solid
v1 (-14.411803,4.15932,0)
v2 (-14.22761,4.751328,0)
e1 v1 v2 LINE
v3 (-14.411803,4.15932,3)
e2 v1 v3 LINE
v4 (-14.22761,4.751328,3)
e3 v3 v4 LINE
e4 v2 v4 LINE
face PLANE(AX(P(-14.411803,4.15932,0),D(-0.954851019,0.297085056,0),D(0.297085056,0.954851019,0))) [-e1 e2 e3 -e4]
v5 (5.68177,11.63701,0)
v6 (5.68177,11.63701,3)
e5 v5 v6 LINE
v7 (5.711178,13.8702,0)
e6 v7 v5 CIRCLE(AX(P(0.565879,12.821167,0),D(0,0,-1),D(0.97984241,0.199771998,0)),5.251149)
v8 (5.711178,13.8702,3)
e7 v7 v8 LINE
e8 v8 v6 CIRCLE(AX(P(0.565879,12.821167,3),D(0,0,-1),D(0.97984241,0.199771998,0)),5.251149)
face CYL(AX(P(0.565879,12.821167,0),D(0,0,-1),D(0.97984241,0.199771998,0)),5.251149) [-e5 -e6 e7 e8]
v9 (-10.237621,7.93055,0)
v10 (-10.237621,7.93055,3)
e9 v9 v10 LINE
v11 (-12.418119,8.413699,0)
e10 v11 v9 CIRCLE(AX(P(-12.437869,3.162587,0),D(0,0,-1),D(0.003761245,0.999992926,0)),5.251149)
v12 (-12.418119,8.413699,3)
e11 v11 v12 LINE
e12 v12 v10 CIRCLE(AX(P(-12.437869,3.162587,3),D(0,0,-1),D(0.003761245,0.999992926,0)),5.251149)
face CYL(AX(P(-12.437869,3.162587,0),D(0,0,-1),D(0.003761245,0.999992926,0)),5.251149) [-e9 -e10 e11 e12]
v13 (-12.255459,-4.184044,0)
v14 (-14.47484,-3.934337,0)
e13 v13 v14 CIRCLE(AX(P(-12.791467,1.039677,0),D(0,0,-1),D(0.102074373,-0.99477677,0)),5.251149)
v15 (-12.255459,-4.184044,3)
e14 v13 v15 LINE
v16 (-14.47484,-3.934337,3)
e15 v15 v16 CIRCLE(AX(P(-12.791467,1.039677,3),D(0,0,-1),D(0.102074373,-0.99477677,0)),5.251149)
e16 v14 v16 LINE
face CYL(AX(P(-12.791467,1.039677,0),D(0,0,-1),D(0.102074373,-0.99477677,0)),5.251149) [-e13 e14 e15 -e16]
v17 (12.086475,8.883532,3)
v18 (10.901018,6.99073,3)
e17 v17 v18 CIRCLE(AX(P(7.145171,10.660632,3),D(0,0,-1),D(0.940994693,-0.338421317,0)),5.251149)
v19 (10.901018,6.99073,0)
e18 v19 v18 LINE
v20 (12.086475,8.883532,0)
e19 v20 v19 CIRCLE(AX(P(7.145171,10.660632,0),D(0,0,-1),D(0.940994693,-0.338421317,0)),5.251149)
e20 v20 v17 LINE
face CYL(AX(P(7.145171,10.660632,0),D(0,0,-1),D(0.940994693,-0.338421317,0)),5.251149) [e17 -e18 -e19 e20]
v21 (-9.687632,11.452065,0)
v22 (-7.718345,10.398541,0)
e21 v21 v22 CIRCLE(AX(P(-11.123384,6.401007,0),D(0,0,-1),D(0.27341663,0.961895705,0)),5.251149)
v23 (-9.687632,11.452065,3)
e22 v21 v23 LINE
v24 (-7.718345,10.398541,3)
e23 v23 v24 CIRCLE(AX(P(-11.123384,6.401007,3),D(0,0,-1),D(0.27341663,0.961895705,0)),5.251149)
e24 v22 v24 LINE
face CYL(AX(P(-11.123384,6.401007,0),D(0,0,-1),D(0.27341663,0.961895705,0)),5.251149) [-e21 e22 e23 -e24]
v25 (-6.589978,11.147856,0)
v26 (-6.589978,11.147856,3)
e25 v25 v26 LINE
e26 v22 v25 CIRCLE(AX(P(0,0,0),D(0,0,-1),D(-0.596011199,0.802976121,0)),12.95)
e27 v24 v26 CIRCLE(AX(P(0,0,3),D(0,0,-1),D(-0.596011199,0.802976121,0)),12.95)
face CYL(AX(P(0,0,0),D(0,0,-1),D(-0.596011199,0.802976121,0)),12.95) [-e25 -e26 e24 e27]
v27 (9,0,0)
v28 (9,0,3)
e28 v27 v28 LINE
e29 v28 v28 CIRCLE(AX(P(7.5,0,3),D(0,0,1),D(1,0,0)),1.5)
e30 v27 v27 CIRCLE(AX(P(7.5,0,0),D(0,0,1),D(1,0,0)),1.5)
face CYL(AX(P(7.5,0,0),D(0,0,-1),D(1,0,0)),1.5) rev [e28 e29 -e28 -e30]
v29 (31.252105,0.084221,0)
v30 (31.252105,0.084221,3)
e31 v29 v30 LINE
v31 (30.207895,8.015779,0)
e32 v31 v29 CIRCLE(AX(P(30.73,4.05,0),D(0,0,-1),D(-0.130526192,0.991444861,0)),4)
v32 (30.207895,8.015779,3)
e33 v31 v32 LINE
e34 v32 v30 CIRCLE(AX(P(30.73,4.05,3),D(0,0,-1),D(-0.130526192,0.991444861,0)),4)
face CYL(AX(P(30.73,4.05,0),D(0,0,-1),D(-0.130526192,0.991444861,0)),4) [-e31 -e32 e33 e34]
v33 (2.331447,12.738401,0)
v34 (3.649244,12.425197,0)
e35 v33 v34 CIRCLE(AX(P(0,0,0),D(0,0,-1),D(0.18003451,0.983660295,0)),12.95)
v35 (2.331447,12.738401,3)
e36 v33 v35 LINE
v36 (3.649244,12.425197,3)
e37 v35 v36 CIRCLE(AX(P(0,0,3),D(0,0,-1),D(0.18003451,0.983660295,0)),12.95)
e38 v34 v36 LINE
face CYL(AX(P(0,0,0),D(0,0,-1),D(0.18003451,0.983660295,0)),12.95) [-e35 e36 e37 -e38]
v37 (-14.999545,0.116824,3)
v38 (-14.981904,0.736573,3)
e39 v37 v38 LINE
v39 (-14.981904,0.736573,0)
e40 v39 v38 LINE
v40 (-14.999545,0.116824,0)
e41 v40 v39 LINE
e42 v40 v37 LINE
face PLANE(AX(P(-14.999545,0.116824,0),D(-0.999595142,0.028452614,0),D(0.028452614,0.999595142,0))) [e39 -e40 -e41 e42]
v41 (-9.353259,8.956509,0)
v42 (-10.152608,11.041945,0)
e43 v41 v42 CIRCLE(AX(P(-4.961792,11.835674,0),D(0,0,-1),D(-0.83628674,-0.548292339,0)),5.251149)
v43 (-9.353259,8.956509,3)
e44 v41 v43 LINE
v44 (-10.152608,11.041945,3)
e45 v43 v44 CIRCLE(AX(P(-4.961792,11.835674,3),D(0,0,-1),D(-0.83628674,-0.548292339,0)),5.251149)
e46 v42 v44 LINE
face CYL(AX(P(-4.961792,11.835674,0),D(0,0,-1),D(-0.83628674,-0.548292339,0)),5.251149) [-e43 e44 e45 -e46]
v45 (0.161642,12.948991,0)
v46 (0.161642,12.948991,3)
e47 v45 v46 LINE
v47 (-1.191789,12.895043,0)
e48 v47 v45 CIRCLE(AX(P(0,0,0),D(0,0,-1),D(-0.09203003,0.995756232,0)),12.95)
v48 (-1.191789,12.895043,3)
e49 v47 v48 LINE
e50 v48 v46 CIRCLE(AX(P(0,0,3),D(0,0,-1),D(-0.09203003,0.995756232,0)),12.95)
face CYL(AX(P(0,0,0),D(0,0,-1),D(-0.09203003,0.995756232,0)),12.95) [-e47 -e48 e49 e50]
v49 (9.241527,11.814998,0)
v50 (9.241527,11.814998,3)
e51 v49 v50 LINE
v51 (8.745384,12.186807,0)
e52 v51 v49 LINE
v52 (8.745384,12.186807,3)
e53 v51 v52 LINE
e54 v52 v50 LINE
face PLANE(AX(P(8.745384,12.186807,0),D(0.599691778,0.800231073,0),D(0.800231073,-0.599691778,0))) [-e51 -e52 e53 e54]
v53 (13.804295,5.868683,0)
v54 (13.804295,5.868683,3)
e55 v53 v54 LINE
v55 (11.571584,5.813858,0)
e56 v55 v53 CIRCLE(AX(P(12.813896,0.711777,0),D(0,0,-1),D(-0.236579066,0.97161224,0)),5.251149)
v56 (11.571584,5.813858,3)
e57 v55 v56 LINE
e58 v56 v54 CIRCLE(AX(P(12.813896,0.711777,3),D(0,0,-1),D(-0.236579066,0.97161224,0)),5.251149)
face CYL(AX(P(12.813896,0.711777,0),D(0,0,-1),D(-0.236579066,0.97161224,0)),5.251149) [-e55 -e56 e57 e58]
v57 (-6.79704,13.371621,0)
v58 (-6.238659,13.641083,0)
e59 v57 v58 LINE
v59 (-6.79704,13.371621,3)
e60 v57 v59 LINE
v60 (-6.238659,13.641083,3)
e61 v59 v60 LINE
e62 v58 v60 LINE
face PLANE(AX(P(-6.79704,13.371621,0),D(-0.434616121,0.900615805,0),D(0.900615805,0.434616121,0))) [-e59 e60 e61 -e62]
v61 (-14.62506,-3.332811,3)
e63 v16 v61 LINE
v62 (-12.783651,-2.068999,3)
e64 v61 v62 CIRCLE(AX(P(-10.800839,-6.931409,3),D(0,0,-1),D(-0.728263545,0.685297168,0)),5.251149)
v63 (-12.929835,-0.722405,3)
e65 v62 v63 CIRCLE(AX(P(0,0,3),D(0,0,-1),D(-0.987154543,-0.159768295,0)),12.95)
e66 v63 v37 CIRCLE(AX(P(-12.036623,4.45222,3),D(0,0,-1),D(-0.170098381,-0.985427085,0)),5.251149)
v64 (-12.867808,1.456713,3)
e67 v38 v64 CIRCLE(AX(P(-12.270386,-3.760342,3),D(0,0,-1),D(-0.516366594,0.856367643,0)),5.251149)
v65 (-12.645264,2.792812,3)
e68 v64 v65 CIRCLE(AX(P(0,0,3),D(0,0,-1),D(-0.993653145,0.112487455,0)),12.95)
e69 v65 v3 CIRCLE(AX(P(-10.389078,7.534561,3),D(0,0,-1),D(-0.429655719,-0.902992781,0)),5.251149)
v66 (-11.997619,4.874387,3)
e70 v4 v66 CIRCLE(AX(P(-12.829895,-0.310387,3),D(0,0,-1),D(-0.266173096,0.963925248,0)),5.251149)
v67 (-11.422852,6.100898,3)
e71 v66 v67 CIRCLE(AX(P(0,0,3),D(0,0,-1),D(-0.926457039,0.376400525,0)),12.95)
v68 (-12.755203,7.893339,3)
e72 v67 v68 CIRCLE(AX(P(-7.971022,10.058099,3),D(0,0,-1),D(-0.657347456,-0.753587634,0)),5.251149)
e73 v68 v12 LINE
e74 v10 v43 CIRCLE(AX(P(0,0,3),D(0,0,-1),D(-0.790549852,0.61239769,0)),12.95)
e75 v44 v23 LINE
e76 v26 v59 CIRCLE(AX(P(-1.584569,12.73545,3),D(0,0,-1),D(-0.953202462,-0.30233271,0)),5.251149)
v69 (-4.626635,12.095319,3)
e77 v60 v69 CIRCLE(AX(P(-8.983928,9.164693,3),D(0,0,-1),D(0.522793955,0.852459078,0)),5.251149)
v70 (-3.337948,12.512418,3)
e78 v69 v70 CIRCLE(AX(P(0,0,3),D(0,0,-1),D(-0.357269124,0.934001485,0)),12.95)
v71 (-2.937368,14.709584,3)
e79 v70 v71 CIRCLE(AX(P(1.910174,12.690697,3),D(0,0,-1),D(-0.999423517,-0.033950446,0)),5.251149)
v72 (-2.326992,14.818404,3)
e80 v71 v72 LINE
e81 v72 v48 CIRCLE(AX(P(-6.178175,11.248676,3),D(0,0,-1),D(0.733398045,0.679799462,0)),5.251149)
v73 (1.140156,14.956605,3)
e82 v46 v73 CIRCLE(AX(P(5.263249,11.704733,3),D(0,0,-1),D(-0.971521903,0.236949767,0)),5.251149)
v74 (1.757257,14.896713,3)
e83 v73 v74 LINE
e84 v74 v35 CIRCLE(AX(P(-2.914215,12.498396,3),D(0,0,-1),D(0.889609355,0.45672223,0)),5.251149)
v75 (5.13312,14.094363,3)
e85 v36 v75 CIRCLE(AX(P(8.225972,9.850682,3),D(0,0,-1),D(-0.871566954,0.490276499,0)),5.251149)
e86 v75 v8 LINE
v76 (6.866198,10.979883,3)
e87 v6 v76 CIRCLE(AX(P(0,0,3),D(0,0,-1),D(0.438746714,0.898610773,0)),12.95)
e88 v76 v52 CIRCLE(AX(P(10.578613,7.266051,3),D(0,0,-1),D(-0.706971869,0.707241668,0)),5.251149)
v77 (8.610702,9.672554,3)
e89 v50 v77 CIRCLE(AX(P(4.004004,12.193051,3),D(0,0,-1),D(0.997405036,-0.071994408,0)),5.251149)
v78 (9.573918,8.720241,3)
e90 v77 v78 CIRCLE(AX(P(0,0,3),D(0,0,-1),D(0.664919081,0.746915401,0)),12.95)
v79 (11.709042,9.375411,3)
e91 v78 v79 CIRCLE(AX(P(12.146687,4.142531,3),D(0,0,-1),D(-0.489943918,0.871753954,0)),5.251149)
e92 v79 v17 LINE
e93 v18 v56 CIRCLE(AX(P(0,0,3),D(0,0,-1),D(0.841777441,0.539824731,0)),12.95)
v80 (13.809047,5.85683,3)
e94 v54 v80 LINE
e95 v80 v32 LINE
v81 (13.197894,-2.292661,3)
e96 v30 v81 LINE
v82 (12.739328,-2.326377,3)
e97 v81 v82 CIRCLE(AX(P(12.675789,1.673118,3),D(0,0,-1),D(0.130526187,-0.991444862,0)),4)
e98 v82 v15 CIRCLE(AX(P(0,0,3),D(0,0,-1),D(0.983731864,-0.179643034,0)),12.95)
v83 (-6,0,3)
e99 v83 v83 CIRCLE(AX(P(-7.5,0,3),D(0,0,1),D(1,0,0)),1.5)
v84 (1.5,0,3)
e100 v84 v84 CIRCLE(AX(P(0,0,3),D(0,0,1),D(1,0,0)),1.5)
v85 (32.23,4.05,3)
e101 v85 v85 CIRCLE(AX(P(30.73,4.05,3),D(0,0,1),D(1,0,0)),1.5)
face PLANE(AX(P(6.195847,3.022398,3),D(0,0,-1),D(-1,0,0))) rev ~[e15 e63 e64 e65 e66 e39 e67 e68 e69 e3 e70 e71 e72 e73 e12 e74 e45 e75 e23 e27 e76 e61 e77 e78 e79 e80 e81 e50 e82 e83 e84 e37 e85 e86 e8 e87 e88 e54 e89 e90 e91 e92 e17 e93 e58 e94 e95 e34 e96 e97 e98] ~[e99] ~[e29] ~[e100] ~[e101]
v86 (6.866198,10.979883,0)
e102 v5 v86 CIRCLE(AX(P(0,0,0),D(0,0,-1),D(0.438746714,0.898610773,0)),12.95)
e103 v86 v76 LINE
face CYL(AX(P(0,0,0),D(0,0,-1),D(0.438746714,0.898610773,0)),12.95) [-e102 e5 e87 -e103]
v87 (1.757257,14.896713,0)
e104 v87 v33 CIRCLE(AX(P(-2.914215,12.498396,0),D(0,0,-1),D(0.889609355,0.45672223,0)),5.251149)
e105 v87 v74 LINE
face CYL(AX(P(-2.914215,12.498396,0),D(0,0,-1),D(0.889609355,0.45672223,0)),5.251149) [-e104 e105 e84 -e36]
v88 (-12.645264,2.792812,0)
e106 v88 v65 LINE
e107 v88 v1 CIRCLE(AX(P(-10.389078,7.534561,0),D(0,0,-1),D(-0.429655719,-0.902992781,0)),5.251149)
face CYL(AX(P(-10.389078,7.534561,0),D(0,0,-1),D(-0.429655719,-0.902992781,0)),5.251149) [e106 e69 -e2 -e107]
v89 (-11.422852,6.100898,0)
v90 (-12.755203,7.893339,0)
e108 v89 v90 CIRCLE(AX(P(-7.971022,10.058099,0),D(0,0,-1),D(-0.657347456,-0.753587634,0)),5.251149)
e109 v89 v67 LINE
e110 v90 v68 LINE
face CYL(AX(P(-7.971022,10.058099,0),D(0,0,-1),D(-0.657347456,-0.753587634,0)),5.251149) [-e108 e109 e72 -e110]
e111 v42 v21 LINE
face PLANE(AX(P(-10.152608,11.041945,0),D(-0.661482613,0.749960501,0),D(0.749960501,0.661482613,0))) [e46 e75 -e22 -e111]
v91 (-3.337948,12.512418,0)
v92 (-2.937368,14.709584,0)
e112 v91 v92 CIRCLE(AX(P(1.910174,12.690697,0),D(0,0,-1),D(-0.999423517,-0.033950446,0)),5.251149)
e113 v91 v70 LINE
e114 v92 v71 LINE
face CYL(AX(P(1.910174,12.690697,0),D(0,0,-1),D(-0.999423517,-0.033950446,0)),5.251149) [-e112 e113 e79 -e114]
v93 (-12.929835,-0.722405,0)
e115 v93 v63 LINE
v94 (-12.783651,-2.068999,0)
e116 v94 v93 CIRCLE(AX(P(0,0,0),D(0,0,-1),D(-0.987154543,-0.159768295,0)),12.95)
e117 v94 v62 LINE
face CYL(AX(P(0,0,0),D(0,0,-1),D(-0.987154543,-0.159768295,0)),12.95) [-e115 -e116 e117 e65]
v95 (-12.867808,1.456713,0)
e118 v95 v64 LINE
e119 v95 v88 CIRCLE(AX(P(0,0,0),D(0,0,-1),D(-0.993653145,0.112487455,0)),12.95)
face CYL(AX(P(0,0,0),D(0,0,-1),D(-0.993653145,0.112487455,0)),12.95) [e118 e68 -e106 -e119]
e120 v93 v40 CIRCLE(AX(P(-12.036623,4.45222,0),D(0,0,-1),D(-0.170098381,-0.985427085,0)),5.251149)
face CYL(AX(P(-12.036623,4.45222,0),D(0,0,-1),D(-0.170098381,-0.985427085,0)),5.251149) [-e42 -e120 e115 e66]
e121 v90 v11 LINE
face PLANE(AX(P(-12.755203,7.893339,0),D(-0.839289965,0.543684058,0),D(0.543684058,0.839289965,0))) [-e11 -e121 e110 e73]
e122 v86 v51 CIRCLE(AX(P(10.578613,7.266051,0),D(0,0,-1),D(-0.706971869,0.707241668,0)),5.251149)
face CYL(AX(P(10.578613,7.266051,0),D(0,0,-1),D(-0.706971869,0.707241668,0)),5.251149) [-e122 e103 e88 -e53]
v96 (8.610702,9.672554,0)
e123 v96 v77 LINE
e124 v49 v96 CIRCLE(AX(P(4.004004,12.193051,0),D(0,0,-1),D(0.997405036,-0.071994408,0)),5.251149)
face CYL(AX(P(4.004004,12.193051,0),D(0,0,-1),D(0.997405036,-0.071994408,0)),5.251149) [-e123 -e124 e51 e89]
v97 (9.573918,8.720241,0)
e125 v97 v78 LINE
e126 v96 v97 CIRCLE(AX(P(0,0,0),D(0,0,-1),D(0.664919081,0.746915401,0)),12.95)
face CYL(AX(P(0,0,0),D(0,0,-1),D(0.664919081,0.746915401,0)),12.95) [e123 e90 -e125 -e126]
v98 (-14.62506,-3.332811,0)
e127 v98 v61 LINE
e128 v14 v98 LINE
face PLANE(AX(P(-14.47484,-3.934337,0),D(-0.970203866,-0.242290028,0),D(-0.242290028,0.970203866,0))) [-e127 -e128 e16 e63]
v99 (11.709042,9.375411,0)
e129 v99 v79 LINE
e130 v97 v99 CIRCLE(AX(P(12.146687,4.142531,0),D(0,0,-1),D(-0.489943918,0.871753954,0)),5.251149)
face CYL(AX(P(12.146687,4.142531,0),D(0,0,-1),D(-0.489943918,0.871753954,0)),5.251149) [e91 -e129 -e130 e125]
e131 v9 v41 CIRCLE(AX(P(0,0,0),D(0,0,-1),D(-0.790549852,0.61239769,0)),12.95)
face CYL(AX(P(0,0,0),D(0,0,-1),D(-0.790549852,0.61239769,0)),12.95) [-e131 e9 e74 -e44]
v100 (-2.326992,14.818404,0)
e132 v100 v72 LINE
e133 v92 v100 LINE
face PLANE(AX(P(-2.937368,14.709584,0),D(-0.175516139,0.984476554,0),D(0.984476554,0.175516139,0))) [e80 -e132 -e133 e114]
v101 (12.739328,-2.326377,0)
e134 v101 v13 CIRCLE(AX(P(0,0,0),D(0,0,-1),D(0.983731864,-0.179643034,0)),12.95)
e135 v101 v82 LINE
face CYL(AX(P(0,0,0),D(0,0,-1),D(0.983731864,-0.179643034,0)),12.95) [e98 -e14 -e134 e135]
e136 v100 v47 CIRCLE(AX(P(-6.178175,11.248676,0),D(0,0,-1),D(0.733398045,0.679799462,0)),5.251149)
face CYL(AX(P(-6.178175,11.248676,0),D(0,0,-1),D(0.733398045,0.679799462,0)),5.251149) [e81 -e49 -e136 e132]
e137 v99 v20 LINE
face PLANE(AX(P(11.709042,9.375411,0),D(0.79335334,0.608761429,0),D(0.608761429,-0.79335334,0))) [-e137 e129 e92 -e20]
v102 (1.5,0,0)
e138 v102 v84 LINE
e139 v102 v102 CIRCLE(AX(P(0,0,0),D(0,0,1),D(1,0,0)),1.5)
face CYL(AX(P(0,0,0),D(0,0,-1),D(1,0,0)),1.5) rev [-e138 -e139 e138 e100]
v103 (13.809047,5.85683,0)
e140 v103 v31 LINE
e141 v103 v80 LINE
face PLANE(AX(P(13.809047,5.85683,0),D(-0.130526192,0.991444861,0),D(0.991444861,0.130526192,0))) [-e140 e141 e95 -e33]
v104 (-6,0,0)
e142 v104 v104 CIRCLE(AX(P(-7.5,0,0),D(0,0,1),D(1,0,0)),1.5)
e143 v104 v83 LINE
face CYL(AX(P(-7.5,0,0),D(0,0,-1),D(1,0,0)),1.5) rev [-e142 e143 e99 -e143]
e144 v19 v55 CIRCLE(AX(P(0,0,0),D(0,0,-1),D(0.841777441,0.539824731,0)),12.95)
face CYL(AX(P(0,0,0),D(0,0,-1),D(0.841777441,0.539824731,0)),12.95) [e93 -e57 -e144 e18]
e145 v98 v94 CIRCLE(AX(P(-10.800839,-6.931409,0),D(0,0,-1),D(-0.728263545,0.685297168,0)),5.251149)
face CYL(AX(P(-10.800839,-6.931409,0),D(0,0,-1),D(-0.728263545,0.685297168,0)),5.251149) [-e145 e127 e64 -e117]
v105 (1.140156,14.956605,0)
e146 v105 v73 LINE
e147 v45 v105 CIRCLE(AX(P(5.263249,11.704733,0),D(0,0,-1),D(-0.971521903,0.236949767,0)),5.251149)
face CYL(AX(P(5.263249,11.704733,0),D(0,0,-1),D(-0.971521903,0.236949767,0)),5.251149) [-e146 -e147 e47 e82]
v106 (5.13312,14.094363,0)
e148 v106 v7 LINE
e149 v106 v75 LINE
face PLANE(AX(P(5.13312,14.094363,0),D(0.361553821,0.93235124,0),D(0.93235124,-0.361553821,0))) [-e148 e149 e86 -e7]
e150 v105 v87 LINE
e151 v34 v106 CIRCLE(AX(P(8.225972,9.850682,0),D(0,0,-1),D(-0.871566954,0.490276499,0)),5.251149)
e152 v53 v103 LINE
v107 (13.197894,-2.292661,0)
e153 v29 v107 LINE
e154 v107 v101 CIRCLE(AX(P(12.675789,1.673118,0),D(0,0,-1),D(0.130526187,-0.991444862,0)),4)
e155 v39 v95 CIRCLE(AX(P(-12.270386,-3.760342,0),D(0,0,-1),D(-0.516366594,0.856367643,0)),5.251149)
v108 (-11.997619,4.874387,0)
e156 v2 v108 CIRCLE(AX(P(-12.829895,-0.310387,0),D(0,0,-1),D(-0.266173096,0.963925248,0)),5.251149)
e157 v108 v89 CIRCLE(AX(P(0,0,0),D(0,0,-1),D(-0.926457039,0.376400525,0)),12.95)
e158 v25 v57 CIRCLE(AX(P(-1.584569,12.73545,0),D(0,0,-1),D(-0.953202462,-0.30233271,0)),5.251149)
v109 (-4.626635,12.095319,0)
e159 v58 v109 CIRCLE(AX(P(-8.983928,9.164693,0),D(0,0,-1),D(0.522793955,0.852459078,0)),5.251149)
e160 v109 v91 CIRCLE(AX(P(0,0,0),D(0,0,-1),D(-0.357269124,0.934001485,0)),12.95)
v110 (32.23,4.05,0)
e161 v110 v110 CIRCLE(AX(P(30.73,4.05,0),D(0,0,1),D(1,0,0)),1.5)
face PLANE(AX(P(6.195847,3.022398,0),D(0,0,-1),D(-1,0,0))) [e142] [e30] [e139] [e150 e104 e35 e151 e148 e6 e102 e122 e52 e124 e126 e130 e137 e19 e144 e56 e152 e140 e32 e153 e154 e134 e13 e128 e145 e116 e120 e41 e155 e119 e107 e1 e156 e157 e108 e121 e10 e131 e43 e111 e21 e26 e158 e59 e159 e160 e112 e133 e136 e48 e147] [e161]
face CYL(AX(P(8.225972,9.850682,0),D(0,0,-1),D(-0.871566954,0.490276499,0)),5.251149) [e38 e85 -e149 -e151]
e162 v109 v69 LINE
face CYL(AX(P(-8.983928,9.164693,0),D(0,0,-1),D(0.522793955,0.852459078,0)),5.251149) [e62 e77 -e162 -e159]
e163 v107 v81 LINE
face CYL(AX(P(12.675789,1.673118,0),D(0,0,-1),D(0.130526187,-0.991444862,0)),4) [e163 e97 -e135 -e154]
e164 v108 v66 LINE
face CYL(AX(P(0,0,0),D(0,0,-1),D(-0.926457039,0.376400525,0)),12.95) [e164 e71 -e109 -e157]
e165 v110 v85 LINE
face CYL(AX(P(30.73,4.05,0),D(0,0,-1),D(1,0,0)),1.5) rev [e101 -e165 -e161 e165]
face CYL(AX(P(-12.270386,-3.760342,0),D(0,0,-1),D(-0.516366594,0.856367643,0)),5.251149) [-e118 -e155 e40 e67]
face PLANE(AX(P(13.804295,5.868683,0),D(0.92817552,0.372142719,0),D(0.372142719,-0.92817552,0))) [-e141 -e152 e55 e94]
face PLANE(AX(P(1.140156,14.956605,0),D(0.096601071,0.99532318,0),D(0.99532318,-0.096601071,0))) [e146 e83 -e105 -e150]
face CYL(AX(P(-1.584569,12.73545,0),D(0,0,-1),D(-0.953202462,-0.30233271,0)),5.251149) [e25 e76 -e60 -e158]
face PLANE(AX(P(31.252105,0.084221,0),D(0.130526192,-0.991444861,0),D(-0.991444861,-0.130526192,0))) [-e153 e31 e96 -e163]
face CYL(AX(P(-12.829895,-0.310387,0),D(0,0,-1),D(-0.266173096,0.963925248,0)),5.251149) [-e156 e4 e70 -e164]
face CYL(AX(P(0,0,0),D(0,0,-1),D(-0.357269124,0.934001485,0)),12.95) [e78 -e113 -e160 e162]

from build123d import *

# Parameters (mm, degrees)
SKETCH1_R           = 1.5
BOSS_EXTRUDE1_DEPTH = 3


with BuildPart() as part:
    # Sketch1 → Boss-Extrude1 (new body)
    with BuildSketch(Plane.XY):
        with BuildLine():
            Line((31.252104769, 0.084220555), (13.197893843, -2.292661406))
            ThreePointArc((13.197893843, -2.292661406), (12.969095602, -2.316113876), (12.73932764, -2.326377285))
            ThreePointArc((12.73932764, -2.326377285), (0.959824701, -12.914380997), (-12.255459075, -4.184043841))
            ThreePointArc((-12.255459075, -4.184043841), (-13.378578492, -4.178547185), (-14.474839872, -3.934337388))
            Line((-14.474839872, -3.934337388), (-14.625059689, -3.332810991))
            ThreePointArc((-14.625059689, -3.332810991), (-13.772322314, -2.601875695), (-12.783651334, -2.068999412))
            ThreePointArc((-12.783651334, -2.068999412), (-12.874361077, -1.397614704), (-12.929834926, -0.722404858))
            ThreePointArc((-12.929834926, -0.722404858), (-14.009823049, -0.414098041), (-14.999545068, 0.116823575))
            Line((-14.999545068, 0.116823575), (-14.981904447, 0.736572564))
            ThreePointArc((-14.981904447, 0.736572564), (-13.963584904, 1.210337006), (-12.867808226, 1.456712552))
            ThreePointArc((-12.867808226, 1.456712552), (-12.774016779, 2.12767369), (-12.645264071, 2.792811588))
            ThreePointArc((-12.645264071, 2.792811588), (-13.60202312, 3.381062861), (-14.411802625, 4.159320268))
            Line((-14.411802625, 4.159320268), (-14.22760989, 4.7513279))
            ThreePointArc((-14.22760989, 4.7513279), (-13.119232281, 4.932784547), (-11.997618648, 4.87438681))
            ThreePointArc((-11.997618648, 4.87438681), (-11.726282094, 5.495162259), (-11.422851828, 6.100897975))
            ThreePointArc((-11.422851828, 6.100897975), (-12.185423363, 6.925465798), (-12.755202711, 7.893339205))
            Line((-12.755202711, 7.893339205), (-12.418118595, 8.413698983))
            ThreePointArc((-12.418118595, 8.413698983), (-11.301886217, 8.289390025), (-10.23762058, 7.930550098))
            ThreePointArc((-10.23762058, 7.930550098), (-9.80886271, 8.455099783), (-9.353258921, 8.95650867))
            ThreePointArc((-9.353258921, 8.95650867), (-9.865086498, 9.956238618), (-10.152607763, 11.041945282))
            Line((-10.152607763, 11.041945282), (-9.687632252, 11.452064502))
            ThreePointArc((-9.687632252, 11.452064502), (-8.646330954, 11.031209366), (-7.718345028, 10.398540764))
            ThreePointArc((-7.718345028, 10.398540764), (-7.163964851, 10.787961235), (-6.589977589, 11.147856089))
            ThreePointArc((-6.589977589, 11.147856089), (-6.813101299, 12.248602767), (-6.797040342, 13.371620791))
            Line((-6.797040342, 13.371620791), (-6.238658543, 13.641082786))
            ThreePointArc((-6.238658543, 13.641082786), (-5.349516879, 12.954894372), (-4.626635134, 12.095319232))
            ThreePointArc((-4.626635134, 12.095319232), (-3.987748493, 12.320728954), (-3.337947765, 12.51241802))
            ThreePointArc((-3.337947765, 12.51241802), (-3.255819543, 13.632544082), (-2.937367534, 14.709584358))
            Line((-2.937367534, 14.709584358), (-2.32699207, 14.818404364))
            ThreePointArc((-2.32699207, 14.818404364), (-1.65595361, 13.917774128), (-1.191788878, 12.895043205))
            ThreePointArc((-1.191788878, 12.895043205), (-0.515779071, 12.93972457), (0.161642374, 12.948991148))
            ThreePointArc((0.161642374, 12.948991148), (0.542931453, 14.005421967), (1.140156387, 14.956605344))
            Line((1.140156387, 14.956605344), (1.757256759, 14.89671268))
            ThreePointArc((1.757256759, 14.89671268), (2.160424164, 13.848436246), (2.331446907, 12.738400815))
            ThreePointArc((2.331446907, 12.738400815), (2.994443325, 12.59904001), (3.649244238, 12.425196839))
            ThreePointArc((3.649244238, 12.425196839), (4.301415708, 13.339581776), (5.133120125, 14.094363334))
            Line((5.133120125, 14.094363334), (5.711177894, 13.870199965))
            ThreePointArc((5.711177894, 13.870199965), (5.81657316, 12.752023201), (5.681769941, 11.63700951))
            ThreePointArc((5.681769941, 11.63700951), (6.282581558, 11.323942289), (6.86619835, 10.979882523))
            ThreePointArc((6.86619835, 10.979882523), (7.740883637, 11.684405828), (8.745383825, 12.186806873))
            Line((8.745383825, 12.186806873), (9.241527091, 11.81499797))
            ThreePointArc((9.241527091, 11.81499797), (9.041333534, 10.709850931), (8.610702091, 9.672554446))
            ThreePointArc((8.610702091, 9.672554446), (9.104769458, 9.208999572), (9.573917942, 8.720240549))
            ThreePointArc((9.573917942, 8.720240549), (10.606245638, 9.162650954), (11.709042415, 9.375410697))
            Line((11.709042415, 9.375410697), (12.086474501, 8.883531626))
            ThreePointArc((12.086474501, 8.883531626), (11.595539562, 7.873378012), (10.901017858, 6.990730267))
            ThreePointArc((10.901017858, 6.990730267), (11.251698258, 6.411067486), (11.571583838, 5.813858226))
            ThreePointArc((11.571583838, 5.813858226), (12.684990922, 5.961344174), (13.804294894, 5.868683199))
            Line((13.804294894, 5.868683199), (13.809047255, 5.856830152))
            Line((13.809047255, 5.856830152), (30.207895231, 8.015779445))
            ThreePointArc((30.207895231, 8.015779445), (34.695779445, 4.572104769), (31.252104769, 0.084220555))
        make_face()
        Circle(SKETCH1_R, mode=Mode.SUBTRACT)
        with Locations((7.5, 0)):
            Circle(SKETCH1_R, mode=Mode.SUBTRACT)
        with Locations((-7.5, 0)):
            Circle(SKETCH1_R, mode=Mode.SUBTRACT)
        with Locations((30.73, 4.05)):
            Circle(SKETCH1_R, mode=Mode.SUBTRACT)
    extrude(amount=BOSS_EXTRUDE1_DEPTH)


solid = part.part
